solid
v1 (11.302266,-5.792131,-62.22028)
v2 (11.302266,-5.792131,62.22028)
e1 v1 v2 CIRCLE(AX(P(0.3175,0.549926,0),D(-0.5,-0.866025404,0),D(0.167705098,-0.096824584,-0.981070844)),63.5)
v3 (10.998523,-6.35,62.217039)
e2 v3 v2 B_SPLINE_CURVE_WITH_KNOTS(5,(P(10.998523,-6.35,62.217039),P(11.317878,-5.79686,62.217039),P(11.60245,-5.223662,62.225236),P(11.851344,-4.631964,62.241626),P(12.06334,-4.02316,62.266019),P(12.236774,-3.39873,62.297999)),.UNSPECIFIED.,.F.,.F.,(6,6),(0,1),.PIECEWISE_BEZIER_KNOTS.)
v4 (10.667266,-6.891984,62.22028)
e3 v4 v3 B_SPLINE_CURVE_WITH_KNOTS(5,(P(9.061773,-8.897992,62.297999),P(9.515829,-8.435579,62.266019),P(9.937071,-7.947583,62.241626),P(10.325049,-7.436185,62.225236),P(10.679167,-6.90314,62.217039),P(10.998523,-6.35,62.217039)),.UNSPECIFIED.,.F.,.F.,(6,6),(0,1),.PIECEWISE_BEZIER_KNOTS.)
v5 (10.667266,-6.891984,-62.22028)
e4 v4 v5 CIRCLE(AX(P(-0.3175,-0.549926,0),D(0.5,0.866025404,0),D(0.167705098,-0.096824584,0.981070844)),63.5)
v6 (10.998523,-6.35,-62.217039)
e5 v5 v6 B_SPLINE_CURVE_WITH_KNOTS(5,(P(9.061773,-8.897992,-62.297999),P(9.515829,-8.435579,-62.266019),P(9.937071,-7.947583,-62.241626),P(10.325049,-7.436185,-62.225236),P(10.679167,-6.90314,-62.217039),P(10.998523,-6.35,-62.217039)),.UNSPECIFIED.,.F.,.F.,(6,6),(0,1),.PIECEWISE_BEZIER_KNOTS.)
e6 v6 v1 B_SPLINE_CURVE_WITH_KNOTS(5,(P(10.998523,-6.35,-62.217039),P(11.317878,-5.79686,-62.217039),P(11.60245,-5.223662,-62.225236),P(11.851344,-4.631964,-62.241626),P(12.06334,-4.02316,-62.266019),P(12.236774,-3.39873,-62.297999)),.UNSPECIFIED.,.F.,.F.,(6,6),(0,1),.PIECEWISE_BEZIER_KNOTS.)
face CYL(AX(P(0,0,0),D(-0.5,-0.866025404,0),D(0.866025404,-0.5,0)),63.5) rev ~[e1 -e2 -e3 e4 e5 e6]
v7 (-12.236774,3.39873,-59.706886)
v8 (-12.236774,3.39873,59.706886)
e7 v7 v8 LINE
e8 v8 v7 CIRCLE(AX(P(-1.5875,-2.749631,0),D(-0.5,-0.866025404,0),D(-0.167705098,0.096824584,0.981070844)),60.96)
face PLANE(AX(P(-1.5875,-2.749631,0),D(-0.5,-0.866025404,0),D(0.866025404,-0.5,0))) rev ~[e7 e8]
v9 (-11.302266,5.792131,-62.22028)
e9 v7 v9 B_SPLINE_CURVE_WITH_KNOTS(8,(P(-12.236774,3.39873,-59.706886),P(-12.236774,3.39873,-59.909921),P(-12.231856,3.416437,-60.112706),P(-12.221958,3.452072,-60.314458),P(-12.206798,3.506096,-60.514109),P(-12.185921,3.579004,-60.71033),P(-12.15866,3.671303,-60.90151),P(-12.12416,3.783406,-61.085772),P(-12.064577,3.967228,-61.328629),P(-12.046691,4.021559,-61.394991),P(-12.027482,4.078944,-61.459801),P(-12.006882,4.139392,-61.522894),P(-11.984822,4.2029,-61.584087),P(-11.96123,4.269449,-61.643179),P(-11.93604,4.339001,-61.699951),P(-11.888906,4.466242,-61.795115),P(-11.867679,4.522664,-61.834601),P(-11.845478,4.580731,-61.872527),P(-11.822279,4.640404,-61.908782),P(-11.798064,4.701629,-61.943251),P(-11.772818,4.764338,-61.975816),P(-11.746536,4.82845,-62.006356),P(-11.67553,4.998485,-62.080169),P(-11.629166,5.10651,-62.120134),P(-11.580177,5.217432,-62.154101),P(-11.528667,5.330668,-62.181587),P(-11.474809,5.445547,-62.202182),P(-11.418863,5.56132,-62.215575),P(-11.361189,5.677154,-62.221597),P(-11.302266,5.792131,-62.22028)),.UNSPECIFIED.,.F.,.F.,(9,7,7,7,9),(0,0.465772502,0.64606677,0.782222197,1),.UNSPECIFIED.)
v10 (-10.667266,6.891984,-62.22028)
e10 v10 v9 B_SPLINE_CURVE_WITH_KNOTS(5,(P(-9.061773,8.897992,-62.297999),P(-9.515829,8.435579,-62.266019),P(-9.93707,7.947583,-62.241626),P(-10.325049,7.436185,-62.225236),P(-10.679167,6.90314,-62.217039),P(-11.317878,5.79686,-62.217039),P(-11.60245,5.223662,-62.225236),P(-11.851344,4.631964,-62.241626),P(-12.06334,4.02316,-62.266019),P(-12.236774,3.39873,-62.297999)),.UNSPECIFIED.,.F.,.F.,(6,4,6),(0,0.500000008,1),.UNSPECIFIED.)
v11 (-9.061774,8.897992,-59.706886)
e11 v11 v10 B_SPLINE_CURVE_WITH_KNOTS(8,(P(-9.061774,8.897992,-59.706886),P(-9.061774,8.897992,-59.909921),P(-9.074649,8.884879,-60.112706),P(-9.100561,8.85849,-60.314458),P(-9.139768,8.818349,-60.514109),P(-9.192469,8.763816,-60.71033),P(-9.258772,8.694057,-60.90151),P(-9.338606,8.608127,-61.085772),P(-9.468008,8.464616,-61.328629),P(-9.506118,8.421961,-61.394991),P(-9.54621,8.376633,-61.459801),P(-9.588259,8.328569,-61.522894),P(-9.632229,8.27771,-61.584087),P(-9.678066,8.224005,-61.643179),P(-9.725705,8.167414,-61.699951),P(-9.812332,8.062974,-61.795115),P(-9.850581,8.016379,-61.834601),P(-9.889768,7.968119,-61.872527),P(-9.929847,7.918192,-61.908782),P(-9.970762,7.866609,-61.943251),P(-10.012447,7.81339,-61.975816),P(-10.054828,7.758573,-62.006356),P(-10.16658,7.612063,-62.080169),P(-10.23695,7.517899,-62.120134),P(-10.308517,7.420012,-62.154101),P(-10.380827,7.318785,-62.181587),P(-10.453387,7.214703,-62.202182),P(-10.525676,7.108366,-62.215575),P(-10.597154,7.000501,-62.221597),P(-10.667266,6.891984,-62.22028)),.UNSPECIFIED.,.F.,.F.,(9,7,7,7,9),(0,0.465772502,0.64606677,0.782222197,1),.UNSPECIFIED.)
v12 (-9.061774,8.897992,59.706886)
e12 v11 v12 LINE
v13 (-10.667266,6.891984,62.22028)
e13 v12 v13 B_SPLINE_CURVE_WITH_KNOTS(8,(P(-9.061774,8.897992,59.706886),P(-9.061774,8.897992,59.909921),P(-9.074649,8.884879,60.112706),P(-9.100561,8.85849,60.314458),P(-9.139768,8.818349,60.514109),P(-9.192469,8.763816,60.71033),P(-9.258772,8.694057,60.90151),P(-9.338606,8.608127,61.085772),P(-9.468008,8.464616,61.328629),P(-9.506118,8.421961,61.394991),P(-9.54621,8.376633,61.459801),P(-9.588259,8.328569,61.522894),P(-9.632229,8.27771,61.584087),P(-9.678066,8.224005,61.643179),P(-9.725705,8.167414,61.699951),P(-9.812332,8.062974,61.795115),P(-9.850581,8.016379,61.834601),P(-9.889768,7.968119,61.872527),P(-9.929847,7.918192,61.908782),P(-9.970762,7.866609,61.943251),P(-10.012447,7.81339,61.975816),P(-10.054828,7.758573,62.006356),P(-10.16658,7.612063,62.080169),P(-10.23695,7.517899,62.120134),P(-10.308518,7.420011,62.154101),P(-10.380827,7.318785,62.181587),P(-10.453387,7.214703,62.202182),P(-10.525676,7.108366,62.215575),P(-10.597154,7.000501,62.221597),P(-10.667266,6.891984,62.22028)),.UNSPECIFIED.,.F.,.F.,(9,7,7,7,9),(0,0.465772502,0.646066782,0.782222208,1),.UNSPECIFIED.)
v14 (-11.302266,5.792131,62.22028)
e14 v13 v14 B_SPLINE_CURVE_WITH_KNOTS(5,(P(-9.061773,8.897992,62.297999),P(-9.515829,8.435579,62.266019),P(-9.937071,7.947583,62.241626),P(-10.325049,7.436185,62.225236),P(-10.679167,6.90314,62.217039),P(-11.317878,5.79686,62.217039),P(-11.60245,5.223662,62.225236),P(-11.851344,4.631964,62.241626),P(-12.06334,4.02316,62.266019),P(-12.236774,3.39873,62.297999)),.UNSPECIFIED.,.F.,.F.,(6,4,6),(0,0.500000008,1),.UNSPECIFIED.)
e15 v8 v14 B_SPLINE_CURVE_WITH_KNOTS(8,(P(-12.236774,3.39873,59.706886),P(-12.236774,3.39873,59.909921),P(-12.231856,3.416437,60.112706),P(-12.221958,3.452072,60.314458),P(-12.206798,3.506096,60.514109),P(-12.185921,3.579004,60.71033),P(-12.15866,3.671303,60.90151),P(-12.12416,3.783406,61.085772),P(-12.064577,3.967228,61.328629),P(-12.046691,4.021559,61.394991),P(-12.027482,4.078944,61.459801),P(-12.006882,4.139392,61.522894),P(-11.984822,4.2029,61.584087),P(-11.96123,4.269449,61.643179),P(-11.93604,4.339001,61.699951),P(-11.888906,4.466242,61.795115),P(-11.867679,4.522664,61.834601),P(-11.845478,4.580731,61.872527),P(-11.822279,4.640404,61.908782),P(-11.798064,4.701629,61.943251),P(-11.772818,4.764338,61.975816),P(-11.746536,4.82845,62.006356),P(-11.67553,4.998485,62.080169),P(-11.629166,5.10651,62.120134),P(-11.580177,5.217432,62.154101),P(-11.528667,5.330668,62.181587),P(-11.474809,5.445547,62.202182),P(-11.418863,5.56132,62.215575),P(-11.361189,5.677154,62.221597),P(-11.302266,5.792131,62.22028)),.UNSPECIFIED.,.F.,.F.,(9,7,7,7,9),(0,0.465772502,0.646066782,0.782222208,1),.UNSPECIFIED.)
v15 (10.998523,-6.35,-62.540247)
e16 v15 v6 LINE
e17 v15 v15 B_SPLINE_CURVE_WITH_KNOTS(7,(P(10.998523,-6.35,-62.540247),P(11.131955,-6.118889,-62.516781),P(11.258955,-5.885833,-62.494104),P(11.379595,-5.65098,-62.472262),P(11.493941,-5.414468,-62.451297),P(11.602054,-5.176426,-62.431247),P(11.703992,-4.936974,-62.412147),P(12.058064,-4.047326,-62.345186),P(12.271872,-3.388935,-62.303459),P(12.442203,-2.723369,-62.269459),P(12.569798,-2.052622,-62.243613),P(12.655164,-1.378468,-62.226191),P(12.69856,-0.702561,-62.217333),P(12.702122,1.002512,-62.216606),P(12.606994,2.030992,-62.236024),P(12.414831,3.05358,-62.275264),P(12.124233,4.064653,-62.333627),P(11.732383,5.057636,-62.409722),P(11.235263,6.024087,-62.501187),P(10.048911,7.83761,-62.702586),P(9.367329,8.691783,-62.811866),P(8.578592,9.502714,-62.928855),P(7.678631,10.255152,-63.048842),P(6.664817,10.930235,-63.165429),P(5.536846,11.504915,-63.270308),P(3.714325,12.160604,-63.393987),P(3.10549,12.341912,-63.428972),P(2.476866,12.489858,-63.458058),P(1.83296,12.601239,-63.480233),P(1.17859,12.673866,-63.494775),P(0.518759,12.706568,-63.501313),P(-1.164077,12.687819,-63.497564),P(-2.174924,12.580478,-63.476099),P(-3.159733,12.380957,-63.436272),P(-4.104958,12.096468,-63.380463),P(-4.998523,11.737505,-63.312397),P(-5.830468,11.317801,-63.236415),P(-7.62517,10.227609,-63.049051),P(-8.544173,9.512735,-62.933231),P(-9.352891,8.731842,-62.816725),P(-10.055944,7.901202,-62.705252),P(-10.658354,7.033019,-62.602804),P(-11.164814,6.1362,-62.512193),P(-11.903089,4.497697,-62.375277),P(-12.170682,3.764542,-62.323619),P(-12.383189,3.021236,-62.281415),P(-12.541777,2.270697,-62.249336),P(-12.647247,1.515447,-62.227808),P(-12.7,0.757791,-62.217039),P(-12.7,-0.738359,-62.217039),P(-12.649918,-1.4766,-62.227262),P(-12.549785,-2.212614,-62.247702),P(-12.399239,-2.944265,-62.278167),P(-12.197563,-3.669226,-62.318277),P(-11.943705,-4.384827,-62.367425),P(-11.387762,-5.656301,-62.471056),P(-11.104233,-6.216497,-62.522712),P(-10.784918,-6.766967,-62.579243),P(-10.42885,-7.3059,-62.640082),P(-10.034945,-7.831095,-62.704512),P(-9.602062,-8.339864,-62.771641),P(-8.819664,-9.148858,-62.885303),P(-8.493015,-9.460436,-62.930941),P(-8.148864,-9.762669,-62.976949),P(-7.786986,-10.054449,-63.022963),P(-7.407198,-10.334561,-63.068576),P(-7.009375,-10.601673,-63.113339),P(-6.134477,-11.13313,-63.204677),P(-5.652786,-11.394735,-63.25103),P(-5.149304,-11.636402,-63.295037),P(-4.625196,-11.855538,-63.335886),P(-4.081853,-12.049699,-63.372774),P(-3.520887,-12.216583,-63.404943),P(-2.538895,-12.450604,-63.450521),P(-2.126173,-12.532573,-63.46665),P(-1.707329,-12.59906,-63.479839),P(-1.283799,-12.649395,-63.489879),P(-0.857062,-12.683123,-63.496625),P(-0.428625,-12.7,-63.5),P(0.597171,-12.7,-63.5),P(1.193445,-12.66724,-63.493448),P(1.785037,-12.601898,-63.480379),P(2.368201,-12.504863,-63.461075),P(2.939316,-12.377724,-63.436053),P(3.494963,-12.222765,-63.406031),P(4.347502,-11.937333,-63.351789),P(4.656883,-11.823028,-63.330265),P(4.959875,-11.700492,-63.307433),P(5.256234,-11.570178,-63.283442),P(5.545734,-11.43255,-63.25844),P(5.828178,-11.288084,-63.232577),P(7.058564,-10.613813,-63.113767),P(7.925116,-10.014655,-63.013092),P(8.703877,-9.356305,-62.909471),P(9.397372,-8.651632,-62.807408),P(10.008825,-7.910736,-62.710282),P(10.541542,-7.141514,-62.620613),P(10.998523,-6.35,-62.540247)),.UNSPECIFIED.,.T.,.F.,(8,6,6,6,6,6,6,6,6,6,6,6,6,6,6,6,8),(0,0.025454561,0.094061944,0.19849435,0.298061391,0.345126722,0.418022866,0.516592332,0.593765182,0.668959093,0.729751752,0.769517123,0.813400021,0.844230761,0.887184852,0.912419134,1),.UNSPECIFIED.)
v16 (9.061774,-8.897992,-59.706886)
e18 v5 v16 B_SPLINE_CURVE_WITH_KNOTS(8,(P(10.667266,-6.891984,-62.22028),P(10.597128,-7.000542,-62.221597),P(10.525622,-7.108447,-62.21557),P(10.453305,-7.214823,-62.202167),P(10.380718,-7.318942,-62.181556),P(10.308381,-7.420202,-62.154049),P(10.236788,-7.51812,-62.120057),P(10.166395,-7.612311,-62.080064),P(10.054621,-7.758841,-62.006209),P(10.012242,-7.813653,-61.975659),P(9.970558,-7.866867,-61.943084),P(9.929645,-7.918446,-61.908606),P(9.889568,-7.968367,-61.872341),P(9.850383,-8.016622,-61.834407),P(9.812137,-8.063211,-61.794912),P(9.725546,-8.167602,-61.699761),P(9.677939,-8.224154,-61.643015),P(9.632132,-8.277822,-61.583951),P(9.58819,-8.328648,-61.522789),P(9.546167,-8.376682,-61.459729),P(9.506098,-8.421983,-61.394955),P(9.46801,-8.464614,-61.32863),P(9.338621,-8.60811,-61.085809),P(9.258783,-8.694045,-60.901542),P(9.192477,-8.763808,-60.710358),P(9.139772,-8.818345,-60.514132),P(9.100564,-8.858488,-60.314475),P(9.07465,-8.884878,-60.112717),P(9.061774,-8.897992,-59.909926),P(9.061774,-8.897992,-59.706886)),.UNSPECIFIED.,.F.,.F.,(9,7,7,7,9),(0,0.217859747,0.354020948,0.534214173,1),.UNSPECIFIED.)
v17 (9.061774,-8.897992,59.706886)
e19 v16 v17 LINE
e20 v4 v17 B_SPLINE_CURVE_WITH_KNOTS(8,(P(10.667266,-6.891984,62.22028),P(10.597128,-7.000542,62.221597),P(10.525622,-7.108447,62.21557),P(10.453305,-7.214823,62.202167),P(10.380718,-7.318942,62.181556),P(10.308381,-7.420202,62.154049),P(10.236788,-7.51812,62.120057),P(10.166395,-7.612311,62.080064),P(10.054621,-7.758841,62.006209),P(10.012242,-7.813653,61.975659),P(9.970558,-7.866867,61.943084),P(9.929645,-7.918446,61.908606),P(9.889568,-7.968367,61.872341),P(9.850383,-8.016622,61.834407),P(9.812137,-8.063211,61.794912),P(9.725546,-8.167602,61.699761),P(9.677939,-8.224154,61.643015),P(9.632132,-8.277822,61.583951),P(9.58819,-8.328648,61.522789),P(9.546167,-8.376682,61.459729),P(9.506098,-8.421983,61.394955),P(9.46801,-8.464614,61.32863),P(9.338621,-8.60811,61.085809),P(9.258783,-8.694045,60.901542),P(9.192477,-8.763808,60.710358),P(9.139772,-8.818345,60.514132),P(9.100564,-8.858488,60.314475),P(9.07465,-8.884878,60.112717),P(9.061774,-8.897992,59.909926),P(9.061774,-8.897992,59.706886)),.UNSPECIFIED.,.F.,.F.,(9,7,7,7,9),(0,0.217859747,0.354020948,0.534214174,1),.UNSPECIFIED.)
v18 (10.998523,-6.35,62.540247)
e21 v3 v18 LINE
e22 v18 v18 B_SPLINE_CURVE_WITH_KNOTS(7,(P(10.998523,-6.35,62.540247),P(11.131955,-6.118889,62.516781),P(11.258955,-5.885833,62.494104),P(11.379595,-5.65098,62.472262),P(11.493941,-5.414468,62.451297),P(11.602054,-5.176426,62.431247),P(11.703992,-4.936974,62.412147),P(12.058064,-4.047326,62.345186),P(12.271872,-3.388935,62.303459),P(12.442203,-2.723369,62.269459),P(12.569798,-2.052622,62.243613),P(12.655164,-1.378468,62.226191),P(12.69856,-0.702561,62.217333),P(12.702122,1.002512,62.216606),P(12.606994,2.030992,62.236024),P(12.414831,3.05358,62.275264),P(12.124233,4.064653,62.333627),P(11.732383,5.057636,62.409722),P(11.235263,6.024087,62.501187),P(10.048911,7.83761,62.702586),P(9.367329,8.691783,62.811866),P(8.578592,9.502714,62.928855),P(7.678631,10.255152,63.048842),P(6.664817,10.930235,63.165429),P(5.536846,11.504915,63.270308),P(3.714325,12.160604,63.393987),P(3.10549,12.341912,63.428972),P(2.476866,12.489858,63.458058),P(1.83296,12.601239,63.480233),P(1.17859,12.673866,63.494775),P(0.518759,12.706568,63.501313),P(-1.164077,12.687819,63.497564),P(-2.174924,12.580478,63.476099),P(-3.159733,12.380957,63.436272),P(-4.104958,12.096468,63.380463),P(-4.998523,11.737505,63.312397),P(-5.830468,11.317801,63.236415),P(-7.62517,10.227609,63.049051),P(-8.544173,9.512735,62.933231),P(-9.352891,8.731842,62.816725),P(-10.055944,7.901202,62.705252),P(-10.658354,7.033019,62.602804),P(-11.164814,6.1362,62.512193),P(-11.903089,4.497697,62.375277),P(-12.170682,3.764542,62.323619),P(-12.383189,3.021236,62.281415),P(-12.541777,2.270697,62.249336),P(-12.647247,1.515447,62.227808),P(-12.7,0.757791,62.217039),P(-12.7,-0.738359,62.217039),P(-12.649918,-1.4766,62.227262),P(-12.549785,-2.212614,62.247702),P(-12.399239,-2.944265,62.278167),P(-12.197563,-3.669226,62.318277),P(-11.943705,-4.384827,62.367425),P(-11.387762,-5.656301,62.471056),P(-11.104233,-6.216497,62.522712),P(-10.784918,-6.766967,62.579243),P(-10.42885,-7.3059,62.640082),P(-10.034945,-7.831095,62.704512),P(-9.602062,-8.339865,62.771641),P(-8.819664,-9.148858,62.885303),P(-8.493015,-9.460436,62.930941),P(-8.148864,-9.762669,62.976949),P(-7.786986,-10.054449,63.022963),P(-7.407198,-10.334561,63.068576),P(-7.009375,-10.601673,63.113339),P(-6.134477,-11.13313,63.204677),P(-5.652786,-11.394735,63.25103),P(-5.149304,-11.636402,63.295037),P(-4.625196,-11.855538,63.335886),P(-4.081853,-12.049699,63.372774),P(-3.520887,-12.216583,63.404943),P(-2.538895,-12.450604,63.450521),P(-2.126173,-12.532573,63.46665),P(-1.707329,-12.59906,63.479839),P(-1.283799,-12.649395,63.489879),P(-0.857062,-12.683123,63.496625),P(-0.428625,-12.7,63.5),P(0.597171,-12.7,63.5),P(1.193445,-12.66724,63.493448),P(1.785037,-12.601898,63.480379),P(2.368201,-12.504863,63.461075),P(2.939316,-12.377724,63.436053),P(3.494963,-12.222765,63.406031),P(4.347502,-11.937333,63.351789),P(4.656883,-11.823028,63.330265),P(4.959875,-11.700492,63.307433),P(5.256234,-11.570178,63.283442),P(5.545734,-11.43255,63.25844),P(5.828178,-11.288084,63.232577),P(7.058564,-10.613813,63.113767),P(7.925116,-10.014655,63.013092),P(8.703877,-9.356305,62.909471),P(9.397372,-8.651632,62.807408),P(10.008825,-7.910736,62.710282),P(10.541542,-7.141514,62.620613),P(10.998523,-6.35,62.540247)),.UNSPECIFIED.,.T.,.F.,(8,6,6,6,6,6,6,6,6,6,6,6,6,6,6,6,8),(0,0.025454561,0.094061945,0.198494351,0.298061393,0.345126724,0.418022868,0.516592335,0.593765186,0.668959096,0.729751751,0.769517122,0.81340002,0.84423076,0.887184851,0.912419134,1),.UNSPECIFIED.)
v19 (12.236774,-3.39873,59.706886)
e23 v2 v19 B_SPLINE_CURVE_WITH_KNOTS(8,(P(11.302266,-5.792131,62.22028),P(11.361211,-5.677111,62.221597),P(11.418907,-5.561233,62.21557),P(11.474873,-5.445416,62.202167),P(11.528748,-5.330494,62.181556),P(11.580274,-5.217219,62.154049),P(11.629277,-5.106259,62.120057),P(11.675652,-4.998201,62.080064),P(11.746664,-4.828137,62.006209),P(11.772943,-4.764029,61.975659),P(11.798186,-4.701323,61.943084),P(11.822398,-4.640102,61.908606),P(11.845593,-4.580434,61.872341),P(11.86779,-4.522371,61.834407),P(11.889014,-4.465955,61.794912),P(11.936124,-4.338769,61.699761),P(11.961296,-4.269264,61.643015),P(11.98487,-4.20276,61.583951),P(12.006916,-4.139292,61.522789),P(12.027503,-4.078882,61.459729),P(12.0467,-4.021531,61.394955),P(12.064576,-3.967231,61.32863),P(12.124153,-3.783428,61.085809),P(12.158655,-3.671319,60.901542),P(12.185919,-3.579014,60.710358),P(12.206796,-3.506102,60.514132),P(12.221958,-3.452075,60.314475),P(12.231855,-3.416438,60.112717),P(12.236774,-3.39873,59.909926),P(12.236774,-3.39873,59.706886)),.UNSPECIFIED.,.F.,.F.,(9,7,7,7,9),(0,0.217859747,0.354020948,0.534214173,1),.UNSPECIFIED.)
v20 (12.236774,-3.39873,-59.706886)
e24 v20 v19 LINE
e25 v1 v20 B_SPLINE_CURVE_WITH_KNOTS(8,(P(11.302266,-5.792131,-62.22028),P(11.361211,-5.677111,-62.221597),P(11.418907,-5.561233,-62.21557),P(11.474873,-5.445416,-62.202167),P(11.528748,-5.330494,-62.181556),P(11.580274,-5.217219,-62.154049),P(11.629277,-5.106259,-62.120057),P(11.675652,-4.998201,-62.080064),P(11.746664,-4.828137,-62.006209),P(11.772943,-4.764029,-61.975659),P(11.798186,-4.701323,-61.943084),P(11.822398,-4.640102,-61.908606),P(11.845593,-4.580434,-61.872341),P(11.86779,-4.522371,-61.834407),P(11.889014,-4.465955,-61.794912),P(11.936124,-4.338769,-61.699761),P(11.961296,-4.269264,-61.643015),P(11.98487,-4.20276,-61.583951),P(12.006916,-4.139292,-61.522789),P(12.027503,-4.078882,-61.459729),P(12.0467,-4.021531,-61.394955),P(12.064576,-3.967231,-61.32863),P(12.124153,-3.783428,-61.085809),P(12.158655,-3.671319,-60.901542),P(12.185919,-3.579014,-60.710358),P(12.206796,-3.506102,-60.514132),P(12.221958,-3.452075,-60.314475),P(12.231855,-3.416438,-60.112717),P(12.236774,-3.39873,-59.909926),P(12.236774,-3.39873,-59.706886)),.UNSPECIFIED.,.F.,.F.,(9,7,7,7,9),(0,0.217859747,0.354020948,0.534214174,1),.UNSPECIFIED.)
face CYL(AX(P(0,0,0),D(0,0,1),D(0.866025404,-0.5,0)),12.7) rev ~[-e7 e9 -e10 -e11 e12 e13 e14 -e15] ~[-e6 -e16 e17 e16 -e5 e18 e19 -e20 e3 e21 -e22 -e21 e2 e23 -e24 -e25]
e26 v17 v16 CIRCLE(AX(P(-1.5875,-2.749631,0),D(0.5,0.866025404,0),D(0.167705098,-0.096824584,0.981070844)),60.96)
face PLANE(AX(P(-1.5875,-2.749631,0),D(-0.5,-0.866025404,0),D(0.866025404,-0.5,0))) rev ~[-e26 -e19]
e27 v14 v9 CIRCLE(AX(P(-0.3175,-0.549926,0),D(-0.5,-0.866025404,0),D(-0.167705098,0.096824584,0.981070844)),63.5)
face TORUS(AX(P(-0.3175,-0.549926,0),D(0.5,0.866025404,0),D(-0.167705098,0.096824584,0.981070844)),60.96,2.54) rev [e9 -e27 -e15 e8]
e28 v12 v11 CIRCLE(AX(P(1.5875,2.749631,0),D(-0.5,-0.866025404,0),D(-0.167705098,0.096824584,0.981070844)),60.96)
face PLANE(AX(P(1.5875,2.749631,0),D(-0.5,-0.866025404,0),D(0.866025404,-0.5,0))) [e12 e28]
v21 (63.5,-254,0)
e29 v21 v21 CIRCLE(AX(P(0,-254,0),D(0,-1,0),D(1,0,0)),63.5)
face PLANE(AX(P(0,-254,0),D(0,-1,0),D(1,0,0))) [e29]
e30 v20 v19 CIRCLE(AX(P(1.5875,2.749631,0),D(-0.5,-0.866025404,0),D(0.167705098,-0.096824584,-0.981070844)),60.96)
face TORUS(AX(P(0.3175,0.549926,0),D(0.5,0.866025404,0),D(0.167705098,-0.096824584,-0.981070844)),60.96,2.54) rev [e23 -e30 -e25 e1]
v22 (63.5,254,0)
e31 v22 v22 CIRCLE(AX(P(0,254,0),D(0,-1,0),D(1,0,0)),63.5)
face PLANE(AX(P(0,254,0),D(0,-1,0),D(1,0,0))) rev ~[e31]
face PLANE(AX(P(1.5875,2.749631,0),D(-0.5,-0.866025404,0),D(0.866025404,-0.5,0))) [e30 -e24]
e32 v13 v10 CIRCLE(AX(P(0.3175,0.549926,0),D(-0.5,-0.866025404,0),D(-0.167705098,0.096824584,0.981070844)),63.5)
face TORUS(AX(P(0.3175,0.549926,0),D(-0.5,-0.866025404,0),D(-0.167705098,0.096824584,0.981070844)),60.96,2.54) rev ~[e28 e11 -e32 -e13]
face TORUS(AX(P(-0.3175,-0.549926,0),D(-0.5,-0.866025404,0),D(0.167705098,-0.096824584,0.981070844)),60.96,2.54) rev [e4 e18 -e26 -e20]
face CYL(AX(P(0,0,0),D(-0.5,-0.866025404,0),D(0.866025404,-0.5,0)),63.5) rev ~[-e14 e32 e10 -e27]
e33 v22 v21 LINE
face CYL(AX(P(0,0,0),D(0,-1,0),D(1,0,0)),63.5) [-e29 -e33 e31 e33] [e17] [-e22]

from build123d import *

# Parameters (mm, degrees)
F1_R     = 12.7
F2_DEPTH = 95.25
F0_R     = 63.5
F3_DEPTH = 3.175
F4_R     = 2.54
F6_ANGLE = 30
F7_R     = 63.5
F8_DEPTH = 254


with BuildPart() as f2:
    # F1 (on Top) → F2 (new body, symmetric)
    with BuildSketch(Plane.XY):
        Circle(F1_R)
    extrude(amount=F2_DEPTH, both=True)

    # F0 (on Front) → F3 (join, symmetric)
    with BuildSketch(Plane.XZ):
        Circle(F0_R)
    extrude(amount=F3_DEPTH, both=True)

    # F4
    f4_edges = [f2.edges().sort_by_distance(p)[0] for p in [
        (-63.5, -3.175, 0),
        (63.5, -3.175, 0),
        (-63.5, 3.175, 0),
        (63.5, 3.175, 0),
    ]]
    fillet(f4_edges, radius=F4_R)


with BuildPart() as f2_1:
    # F6: moved
    add(f2.part.rotate(Axis((0, 0, -0.5104467273), (0, 0, -1)), F6_ANGLE))


with BuildPart() as f8:
    # F7 (on Front) → F8 (new body, symmetric)
    with BuildSketch(Plane.XZ):
        Circle(F7_R)
    extrude(amount=F8_DEPTH, both=True)

    # F9: cut F2
    add(f2_1.part, mode=Mode.SUBTRACT)


solid = f8.part
